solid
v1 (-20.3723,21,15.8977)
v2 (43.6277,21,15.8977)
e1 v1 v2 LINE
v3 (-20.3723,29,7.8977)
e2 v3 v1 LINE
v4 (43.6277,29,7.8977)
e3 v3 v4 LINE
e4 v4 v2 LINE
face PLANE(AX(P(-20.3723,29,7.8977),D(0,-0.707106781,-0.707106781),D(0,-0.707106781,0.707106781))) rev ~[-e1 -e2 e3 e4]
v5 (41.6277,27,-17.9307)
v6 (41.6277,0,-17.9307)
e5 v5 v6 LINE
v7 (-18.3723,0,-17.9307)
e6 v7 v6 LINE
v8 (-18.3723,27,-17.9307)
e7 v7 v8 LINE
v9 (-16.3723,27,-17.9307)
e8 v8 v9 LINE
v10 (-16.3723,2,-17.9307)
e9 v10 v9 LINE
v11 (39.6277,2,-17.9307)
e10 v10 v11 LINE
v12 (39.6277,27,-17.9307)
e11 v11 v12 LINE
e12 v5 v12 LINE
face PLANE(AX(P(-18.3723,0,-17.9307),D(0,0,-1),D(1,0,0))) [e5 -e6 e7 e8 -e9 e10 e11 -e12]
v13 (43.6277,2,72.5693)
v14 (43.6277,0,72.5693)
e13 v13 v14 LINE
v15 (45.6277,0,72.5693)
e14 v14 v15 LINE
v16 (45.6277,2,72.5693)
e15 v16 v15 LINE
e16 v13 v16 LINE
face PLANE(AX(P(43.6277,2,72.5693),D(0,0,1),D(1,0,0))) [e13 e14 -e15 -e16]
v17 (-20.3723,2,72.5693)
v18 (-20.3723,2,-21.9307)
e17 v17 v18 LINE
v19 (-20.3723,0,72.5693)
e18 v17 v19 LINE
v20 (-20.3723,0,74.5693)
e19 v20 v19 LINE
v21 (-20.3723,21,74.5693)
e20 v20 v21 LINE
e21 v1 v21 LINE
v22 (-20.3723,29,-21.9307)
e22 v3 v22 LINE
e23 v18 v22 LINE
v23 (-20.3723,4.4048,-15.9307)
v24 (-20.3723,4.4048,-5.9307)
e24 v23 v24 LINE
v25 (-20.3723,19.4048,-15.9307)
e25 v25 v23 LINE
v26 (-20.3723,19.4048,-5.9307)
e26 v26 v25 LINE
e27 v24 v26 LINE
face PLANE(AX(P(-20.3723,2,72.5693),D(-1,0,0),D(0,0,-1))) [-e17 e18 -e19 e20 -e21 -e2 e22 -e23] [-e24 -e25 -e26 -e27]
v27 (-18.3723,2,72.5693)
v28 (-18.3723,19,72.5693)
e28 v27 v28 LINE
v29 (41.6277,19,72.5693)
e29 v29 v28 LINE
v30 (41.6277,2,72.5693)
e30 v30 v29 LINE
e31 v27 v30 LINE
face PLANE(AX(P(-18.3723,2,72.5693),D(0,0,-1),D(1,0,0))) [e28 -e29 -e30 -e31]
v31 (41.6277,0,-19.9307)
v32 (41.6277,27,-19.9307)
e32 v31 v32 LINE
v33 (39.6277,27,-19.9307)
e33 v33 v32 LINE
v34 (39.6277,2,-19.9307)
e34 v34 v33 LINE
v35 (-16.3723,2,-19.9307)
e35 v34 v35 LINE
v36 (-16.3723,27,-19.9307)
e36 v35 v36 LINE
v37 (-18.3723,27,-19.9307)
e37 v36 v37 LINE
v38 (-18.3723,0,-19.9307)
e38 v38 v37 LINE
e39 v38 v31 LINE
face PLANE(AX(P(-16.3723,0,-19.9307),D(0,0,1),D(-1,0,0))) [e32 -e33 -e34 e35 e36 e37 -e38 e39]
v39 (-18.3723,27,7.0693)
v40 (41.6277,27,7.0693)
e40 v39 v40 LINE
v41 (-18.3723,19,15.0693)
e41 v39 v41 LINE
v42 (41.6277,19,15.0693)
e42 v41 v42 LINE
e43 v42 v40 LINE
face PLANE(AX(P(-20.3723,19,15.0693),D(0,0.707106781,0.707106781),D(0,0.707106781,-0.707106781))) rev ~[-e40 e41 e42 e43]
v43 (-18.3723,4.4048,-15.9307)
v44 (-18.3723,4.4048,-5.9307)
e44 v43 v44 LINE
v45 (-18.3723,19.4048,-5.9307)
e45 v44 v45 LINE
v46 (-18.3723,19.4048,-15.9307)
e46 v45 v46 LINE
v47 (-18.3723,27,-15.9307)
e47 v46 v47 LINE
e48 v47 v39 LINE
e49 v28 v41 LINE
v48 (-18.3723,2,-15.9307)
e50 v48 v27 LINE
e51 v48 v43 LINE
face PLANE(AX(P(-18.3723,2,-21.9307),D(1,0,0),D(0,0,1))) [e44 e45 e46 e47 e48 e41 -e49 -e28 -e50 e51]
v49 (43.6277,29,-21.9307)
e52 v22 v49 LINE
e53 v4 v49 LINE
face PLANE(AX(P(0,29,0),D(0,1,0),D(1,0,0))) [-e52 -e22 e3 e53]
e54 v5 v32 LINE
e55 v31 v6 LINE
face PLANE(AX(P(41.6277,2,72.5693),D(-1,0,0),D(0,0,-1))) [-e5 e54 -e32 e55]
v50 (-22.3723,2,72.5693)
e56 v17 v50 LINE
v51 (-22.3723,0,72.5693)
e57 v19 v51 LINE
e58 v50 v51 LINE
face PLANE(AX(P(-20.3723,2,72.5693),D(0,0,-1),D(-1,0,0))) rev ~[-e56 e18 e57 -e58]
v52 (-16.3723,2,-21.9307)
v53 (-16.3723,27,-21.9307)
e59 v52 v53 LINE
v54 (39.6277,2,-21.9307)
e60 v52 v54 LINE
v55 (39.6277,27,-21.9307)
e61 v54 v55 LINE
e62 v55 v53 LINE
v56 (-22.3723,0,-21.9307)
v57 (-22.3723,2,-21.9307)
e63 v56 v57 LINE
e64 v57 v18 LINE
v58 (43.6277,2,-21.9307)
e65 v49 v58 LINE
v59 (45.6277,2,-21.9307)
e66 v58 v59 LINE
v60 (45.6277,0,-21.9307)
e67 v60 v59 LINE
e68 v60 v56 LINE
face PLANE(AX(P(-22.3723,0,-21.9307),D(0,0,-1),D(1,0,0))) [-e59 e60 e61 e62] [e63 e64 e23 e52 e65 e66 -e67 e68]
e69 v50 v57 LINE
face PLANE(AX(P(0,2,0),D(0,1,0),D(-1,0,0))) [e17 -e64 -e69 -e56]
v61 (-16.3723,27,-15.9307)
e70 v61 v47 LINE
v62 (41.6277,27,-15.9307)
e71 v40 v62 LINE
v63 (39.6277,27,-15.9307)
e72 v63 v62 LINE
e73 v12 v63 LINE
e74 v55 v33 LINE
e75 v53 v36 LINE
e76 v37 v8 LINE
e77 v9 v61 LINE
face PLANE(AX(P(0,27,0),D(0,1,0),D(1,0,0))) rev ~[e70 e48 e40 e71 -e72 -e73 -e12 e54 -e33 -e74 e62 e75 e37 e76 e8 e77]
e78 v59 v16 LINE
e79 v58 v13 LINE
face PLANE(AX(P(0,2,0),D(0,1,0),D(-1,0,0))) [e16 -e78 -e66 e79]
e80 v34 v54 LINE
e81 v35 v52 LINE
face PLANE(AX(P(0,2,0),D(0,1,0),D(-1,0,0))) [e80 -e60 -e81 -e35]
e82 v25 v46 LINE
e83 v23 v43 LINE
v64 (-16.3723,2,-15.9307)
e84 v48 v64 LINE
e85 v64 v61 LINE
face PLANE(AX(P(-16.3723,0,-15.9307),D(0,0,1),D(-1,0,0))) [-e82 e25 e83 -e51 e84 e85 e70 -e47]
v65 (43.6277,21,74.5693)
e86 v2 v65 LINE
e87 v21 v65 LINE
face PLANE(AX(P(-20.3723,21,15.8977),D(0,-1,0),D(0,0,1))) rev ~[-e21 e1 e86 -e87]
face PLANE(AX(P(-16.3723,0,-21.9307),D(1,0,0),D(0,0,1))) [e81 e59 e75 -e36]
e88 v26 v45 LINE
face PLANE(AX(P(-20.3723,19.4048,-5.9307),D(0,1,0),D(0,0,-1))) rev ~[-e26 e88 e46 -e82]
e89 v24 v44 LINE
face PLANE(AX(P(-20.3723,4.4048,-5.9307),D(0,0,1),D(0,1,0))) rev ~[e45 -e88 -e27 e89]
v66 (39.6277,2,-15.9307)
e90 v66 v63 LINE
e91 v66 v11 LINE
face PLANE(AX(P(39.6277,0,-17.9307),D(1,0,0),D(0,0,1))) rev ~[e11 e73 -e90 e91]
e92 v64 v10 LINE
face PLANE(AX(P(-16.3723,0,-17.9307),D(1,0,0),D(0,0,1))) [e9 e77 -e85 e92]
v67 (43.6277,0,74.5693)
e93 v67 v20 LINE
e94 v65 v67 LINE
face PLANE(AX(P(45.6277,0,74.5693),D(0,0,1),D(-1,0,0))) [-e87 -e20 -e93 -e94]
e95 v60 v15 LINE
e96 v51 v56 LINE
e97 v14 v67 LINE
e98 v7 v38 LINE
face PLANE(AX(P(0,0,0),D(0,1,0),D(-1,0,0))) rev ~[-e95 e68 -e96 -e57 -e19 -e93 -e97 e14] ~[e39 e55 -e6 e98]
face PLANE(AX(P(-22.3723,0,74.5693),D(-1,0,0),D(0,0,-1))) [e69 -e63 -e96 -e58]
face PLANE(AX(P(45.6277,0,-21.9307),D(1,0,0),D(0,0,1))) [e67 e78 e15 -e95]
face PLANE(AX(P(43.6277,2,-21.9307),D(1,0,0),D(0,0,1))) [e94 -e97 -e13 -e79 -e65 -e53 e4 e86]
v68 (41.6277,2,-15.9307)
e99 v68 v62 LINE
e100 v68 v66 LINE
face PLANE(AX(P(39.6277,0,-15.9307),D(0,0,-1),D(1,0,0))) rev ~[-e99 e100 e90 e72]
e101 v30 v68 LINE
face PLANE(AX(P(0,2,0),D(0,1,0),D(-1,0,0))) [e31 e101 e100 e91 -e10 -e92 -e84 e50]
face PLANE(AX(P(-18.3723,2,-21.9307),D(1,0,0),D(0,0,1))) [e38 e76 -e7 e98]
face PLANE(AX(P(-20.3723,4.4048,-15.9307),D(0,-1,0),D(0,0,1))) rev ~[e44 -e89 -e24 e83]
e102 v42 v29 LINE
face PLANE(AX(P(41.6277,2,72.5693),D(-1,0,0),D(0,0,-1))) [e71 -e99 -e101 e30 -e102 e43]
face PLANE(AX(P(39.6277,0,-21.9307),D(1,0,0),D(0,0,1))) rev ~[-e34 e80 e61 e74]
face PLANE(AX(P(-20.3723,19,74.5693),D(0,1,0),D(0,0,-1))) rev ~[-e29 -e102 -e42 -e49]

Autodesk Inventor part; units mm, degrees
sketch "Sketch1" plane through (0, 0, 0) normal (0, 1, 0) x (-1, 0, 0)
  line L0 (22.3723, -21.9307) -> (-45.6277, -21.9307)
  line L1 (-45.6277, -21.9307) -> (-45.6277, 74.5693)
  line L2 (-45.6277, 74.5693) -> (22.3723, 74.5693)
  line L3 (22.3723, 74.5693) -> (22.3723, -21.9307)
  point P0 (0, 0)
  dimension "d0" = 68
  dimension "d1" = 96.5
extrude "Extrusion1" add sketch "Sketch1" along normal blind 2
sketch "Sketch3" plane through (0, 2, 0) normal (0, 1, 0) x (1, 0, 0)
  line L0 (-20.3723, 21.9307) -> (43.6277, 21.9307)
  line L1 (43.6277, 21.9307) -> (43.6277, -72.5693)
  line L2 (-20.3723, -72.5693) -> (-20.3723, 21.9307)
  line L3 (45.6277, 21.9307) -> (-22.3723, 21.9307) projected
  line L4 (-22.3723, 21.9307) -> (-22.3723, -74.5693) projected
  line L5 (-22.3723, -74.5693) -> (45.6277, -74.5693) projected
  line L6 (45.6277, -74.5693) -> (45.6277, 21.9307) projected
  line L7 (-20.3723, -72.5693) -> (-20.3723, -74.5693)
  line L8 (-22.3723, -74.5693) -> (45.6277, -74.5693) projected
  line L9 (43.6277, -74.5693) -> (43.6277, -72.5693)
  line L10 (-18.3723, -72.5693) -> (41.6277, -72.5693)
  line L11 (41.6277, -72.5693) -> (41.6277, 21.9307)
  line L12 (41.6277, 21.9307) -> (-18.3723, 21.9307)
  line L13 (-18.3723, 21.9307) -> (-18.3723, -72.5693)
  point P0 (0, 0)
  dimension "d4" = 0
  dimension "d5" = 2
  dimension "d7" = 2
  dimension "d8" = 0
  dimension "d9" = 2
  dimension "d10" = 2
  dimension "d11" = 2
extrude "Extrusion2" add sketch "Sketch3" along normal blind 25 contours L0 L13 L10 L11 L1 L9 L5 L7 L2
sketch "Sketch4" plane through (0, 27, 0) normal (0, 1, 0) x (1, 0, 0)
  line L0 (41.6277, 21.9307) -> (41.6277, -72.5693) projected
  line L1 (41.6277, -72.5693) -> (-18.3723, -72.5693) projected
  line L2 (-18.3723, -72.5693) -> (-18.3723, 21.9307) projected
  line L3 (-18.3723, 21.9307) -> (-20.3723, 21.9307) projected
  line L4 (-20.3723, 21.9307) -> (-20.3723, -74.5693) projected
  line L5 (-20.3723, -74.5693) -> (43.6277, -74.5693) projected
  line L6 (43.6277, -74.5693) -> (43.6277, 21.9307) projected
  line L7 (43.6277, 21.9307) -> (41.6277, 21.9307) projected
  line L8 (-20.3723, 21.9307) -> (43.6277, 21.9307)
  line L9 (43.6277, 21.9307) -> (43.6277, -74.5693)
  line L10 (43.6277, -74.5693) -> (-20.3723, -74.5693)
  line L11 (-20.3723, -74.5693) -> (-20.3723, 21.9307)
  point P0 (0, 0)
extrude "Extrusion3" add sketch "Sketch4" along normal blind 2
sketch "Sketch5" plane through (0, 2, 0) normal (0, 1, 0) x (1, 0, 0)
  line L0 (43.6277, 21.9307) -> (43.6277, -74.5693) projected
  line L1 (43.6277, -74.5693) -> (45.6277, -74.5693) projected
  line L2 (45.6277, -74.5693) -> (45.6277, 21.9307) projected
  line L3 (45.6277, 21.9307) -> (43.6277, 21.9307) projected
  line L4 (-20.3723, -74.5693) -> (-20.3723, 21.9307) projected
  line L5 (-20.3723, 21.9307) -> (-22.3723, 21.9307) projected
  line L6 (-22.3723, 21.9307) -> (-22.3723, -74.5693) projected
  line L7 (-22.3723, -74.5693) -> (-20.3723, -74.5693) projected
  line L8 (-22.3723, -74.5693) -> (-20.3723, -74.5693)
  line L9 (-20.3723, -74.5693) -> (-20.3723, -72.5693)
  line L10 (-20.3723, -72.5693) -> (-22.3723, -72.5693)
  line L11 (-22.3723, -72.5693) -> (-22.3723, -74.5693)
  line L12 (43.6277, -74.5693) -> (43.6277, 21.9307) projected
  line L13 (45.6277, -74.5693) -> (43.6277, -74.5693)
  line L14 (43.6277, -74.5693) -> (43.6277, -72.5693)
  line L15 (43.6277, -72.5693) -> (45.6277, -72.5693)
  line L16 (45.6277, -72.5693) -> (45.6277, -74.5693)
  point P0 (0, 0)
  dimension "d16" = 2
  dimension "d17" = 2
extrude "Extrusion4" cut sketch "Sketch5" against normal blind 2 contours L15 L2 L1 L0 | L7 L6 L10 L4
sketch "Sketch6" plane through (-20.3723, 0, 74.5693) normal (-1, 0, 0) x (0, 0, 1)
  line L0 (-96.5, 29) -> (-69.5, 29)
  line L1 (-96.5, 29) -> (0, 29) projected
  line L2 (0, 0) -> (0, 29) projected
  line L3 (0, 19) -> (-59.5, 19)
  line L4 (-69.5, 29) -> (-59.5, 19)
  line L5 (-69.5, 29) -> (-55.3579, 29) construction
  line L6 (-69.5, 29) -> (0, 29)
  line L7 (0, 29) -> (0, 19)
  point P0 (-74.5693, 0)
  dimension "d20" = 27
  dimension "d21" = 10
  dimension "d22" = 45
extrude "Extrusion5" cut sketch "Sketch6" against normal up to next
sketch "Sketch7" plane through (-20.3723, 2, -21.9307) normal (-1, 0, 0) x (0, 0, 1)
  line L0 (37, 17) -> (27, 27) projected
  line L1 (96.5, 17) -> (37, 17) projected
  line L2 (29.8284, 27) -> (37.8284, 19)
  line L3 (37.8284, 19) -> (96.5, 19)
  line L4 (27, 27) -> (29.8284, 27)
  line L5 (96.5, 17) -> (96.5, 19)
  point P0 (21.9307, -2)
  dimension "d25" = 2
extrude "Extrusion6" add sketch "Sketch7" against normal up to surface (64 mm away)
sketch "Sketch13" plane through (-20.3723, 2, -21.9307) normal (-1, 0, 0) x (0, 0, 1)
  line L0 (6, 2.4048) -> (16, 2.4048)
  line L1 (16, 2.4048) -> (16, 17.4048)
  line L2 (16, 17.4048) -> (6, 17.4048)
  line L3 (6, 17.4048) -> (6, 2.4048)
  line L4 (0, 0) -> (0, 27) projected
  point P0 (21.9307, -2)
  dimension "d46" = 10
  dimension "d47" = 15
  dimension "d50" = 6
extrude "Extrusion7" cut sketch "Sketch13" against normal blind 2
sketch "Sketch14" plane through (0, 0, 0) normal (0, -1, 0) x (1, 0, 0)
  line L0 (-18.3723, 7.0693) -> (-18.3723, -21.9307) projected
  line L1 (41.6277, -21.9307) -> (41.6277, 7.0693) projected
  line L2 (-18.3723, -21.9307) -> (-16.3723, -21.9307)
  line L3 (-16.3723, -21.9307) -> (-16.3723, -19.9307)
  line L4 (-16.3723, -19.9307) -> (-18.3723, -19.9307)
  line L5 (-18.3723, -19.9307) -> (-18.3723, -21.9307)
  line L6 (-18.3723, -17.9307) -> (-16.3723, -17.9307)
  line L7 (-16.3723, -17.9307) -> (-16.3723, -15.9307)
  line L8 (-16.3723, -15.9307) -> (-18.3723, -15.9307)
  line L9 (-18.3723, -15.9307) -> (-18.3723, -17.9307)
  line L10 (-22.3723, -21.9307) -> (45.6277, -21.9307) projected
  line L11 (11.6277, -21.9307) -> (11.6277, 0)
  line L12 (39.6277, -21.9307) -> (39.6277, -19.9307)
  line L13 (39.6277, -19.9307) -> (41.6277, -19.9307)
  line L14 (41.6277, -17.9307) -> (39.6277, -17.9307)
  line L15 (39.6277, -17.9307) -> (39.6277, -15.9307)
  line L16 (39.6277, -15.9307) -> (41.6277, -15.9307)
  line L17 (39.6277, -21.9307) -> (41.6277, -21.9307)
  line L18 (41.6277, -19.9307) -> (41.6277, -21.9307)
  line L19 (41.6277, -17.9307) -> (41.6277, -15.9307)
  line L20 (41.6277, -19.9307) -> (41.6277, -17.9307)
  line L21 (39.6277, -17.9307) -> (39.6277, -19.9307)
  line L22 (-16.3723, -19.9307) -> (-16.3723, -17.9307)
  line L23 (-18.3723, -17.9307) -> (-18.3723, -19.9307)
  line L24 (-18.3723, -19.9307) -> (-16.3723, -19.9307)
  line L25 (-16.3723, -19.9307) -> (39.6277, -19.9307)
  line L26 (41.6277, 72.5693) -> (41.6277, -21.9307) projected
  line L27 (39.6277, -17.9307) -> (-16.3723, -17.9307)
  point P0 (0, 0)
  dimension "d51" = 2
  dimension "d52" = 2
  dimension "d53" = 2
  dimension "d54" = 2
  dimension "d55" = 2
extrude "Extrusion8" add sketch "Sketch14" against normal up to surface (27 mm away) contours L8 L7 L6 L0 | L4 L3 L2 L0 | L15 L16 L1 L14 | L13 L1 L10 L12
extrude "Extrusion10" cut sketch "Sketch14" against normal up to next contours L6 L22 L4 L0 | L27 L11 L25 L22 | L27 L21 L25 L11 | L14 L1 L13 L21
properties part number "batteri"
